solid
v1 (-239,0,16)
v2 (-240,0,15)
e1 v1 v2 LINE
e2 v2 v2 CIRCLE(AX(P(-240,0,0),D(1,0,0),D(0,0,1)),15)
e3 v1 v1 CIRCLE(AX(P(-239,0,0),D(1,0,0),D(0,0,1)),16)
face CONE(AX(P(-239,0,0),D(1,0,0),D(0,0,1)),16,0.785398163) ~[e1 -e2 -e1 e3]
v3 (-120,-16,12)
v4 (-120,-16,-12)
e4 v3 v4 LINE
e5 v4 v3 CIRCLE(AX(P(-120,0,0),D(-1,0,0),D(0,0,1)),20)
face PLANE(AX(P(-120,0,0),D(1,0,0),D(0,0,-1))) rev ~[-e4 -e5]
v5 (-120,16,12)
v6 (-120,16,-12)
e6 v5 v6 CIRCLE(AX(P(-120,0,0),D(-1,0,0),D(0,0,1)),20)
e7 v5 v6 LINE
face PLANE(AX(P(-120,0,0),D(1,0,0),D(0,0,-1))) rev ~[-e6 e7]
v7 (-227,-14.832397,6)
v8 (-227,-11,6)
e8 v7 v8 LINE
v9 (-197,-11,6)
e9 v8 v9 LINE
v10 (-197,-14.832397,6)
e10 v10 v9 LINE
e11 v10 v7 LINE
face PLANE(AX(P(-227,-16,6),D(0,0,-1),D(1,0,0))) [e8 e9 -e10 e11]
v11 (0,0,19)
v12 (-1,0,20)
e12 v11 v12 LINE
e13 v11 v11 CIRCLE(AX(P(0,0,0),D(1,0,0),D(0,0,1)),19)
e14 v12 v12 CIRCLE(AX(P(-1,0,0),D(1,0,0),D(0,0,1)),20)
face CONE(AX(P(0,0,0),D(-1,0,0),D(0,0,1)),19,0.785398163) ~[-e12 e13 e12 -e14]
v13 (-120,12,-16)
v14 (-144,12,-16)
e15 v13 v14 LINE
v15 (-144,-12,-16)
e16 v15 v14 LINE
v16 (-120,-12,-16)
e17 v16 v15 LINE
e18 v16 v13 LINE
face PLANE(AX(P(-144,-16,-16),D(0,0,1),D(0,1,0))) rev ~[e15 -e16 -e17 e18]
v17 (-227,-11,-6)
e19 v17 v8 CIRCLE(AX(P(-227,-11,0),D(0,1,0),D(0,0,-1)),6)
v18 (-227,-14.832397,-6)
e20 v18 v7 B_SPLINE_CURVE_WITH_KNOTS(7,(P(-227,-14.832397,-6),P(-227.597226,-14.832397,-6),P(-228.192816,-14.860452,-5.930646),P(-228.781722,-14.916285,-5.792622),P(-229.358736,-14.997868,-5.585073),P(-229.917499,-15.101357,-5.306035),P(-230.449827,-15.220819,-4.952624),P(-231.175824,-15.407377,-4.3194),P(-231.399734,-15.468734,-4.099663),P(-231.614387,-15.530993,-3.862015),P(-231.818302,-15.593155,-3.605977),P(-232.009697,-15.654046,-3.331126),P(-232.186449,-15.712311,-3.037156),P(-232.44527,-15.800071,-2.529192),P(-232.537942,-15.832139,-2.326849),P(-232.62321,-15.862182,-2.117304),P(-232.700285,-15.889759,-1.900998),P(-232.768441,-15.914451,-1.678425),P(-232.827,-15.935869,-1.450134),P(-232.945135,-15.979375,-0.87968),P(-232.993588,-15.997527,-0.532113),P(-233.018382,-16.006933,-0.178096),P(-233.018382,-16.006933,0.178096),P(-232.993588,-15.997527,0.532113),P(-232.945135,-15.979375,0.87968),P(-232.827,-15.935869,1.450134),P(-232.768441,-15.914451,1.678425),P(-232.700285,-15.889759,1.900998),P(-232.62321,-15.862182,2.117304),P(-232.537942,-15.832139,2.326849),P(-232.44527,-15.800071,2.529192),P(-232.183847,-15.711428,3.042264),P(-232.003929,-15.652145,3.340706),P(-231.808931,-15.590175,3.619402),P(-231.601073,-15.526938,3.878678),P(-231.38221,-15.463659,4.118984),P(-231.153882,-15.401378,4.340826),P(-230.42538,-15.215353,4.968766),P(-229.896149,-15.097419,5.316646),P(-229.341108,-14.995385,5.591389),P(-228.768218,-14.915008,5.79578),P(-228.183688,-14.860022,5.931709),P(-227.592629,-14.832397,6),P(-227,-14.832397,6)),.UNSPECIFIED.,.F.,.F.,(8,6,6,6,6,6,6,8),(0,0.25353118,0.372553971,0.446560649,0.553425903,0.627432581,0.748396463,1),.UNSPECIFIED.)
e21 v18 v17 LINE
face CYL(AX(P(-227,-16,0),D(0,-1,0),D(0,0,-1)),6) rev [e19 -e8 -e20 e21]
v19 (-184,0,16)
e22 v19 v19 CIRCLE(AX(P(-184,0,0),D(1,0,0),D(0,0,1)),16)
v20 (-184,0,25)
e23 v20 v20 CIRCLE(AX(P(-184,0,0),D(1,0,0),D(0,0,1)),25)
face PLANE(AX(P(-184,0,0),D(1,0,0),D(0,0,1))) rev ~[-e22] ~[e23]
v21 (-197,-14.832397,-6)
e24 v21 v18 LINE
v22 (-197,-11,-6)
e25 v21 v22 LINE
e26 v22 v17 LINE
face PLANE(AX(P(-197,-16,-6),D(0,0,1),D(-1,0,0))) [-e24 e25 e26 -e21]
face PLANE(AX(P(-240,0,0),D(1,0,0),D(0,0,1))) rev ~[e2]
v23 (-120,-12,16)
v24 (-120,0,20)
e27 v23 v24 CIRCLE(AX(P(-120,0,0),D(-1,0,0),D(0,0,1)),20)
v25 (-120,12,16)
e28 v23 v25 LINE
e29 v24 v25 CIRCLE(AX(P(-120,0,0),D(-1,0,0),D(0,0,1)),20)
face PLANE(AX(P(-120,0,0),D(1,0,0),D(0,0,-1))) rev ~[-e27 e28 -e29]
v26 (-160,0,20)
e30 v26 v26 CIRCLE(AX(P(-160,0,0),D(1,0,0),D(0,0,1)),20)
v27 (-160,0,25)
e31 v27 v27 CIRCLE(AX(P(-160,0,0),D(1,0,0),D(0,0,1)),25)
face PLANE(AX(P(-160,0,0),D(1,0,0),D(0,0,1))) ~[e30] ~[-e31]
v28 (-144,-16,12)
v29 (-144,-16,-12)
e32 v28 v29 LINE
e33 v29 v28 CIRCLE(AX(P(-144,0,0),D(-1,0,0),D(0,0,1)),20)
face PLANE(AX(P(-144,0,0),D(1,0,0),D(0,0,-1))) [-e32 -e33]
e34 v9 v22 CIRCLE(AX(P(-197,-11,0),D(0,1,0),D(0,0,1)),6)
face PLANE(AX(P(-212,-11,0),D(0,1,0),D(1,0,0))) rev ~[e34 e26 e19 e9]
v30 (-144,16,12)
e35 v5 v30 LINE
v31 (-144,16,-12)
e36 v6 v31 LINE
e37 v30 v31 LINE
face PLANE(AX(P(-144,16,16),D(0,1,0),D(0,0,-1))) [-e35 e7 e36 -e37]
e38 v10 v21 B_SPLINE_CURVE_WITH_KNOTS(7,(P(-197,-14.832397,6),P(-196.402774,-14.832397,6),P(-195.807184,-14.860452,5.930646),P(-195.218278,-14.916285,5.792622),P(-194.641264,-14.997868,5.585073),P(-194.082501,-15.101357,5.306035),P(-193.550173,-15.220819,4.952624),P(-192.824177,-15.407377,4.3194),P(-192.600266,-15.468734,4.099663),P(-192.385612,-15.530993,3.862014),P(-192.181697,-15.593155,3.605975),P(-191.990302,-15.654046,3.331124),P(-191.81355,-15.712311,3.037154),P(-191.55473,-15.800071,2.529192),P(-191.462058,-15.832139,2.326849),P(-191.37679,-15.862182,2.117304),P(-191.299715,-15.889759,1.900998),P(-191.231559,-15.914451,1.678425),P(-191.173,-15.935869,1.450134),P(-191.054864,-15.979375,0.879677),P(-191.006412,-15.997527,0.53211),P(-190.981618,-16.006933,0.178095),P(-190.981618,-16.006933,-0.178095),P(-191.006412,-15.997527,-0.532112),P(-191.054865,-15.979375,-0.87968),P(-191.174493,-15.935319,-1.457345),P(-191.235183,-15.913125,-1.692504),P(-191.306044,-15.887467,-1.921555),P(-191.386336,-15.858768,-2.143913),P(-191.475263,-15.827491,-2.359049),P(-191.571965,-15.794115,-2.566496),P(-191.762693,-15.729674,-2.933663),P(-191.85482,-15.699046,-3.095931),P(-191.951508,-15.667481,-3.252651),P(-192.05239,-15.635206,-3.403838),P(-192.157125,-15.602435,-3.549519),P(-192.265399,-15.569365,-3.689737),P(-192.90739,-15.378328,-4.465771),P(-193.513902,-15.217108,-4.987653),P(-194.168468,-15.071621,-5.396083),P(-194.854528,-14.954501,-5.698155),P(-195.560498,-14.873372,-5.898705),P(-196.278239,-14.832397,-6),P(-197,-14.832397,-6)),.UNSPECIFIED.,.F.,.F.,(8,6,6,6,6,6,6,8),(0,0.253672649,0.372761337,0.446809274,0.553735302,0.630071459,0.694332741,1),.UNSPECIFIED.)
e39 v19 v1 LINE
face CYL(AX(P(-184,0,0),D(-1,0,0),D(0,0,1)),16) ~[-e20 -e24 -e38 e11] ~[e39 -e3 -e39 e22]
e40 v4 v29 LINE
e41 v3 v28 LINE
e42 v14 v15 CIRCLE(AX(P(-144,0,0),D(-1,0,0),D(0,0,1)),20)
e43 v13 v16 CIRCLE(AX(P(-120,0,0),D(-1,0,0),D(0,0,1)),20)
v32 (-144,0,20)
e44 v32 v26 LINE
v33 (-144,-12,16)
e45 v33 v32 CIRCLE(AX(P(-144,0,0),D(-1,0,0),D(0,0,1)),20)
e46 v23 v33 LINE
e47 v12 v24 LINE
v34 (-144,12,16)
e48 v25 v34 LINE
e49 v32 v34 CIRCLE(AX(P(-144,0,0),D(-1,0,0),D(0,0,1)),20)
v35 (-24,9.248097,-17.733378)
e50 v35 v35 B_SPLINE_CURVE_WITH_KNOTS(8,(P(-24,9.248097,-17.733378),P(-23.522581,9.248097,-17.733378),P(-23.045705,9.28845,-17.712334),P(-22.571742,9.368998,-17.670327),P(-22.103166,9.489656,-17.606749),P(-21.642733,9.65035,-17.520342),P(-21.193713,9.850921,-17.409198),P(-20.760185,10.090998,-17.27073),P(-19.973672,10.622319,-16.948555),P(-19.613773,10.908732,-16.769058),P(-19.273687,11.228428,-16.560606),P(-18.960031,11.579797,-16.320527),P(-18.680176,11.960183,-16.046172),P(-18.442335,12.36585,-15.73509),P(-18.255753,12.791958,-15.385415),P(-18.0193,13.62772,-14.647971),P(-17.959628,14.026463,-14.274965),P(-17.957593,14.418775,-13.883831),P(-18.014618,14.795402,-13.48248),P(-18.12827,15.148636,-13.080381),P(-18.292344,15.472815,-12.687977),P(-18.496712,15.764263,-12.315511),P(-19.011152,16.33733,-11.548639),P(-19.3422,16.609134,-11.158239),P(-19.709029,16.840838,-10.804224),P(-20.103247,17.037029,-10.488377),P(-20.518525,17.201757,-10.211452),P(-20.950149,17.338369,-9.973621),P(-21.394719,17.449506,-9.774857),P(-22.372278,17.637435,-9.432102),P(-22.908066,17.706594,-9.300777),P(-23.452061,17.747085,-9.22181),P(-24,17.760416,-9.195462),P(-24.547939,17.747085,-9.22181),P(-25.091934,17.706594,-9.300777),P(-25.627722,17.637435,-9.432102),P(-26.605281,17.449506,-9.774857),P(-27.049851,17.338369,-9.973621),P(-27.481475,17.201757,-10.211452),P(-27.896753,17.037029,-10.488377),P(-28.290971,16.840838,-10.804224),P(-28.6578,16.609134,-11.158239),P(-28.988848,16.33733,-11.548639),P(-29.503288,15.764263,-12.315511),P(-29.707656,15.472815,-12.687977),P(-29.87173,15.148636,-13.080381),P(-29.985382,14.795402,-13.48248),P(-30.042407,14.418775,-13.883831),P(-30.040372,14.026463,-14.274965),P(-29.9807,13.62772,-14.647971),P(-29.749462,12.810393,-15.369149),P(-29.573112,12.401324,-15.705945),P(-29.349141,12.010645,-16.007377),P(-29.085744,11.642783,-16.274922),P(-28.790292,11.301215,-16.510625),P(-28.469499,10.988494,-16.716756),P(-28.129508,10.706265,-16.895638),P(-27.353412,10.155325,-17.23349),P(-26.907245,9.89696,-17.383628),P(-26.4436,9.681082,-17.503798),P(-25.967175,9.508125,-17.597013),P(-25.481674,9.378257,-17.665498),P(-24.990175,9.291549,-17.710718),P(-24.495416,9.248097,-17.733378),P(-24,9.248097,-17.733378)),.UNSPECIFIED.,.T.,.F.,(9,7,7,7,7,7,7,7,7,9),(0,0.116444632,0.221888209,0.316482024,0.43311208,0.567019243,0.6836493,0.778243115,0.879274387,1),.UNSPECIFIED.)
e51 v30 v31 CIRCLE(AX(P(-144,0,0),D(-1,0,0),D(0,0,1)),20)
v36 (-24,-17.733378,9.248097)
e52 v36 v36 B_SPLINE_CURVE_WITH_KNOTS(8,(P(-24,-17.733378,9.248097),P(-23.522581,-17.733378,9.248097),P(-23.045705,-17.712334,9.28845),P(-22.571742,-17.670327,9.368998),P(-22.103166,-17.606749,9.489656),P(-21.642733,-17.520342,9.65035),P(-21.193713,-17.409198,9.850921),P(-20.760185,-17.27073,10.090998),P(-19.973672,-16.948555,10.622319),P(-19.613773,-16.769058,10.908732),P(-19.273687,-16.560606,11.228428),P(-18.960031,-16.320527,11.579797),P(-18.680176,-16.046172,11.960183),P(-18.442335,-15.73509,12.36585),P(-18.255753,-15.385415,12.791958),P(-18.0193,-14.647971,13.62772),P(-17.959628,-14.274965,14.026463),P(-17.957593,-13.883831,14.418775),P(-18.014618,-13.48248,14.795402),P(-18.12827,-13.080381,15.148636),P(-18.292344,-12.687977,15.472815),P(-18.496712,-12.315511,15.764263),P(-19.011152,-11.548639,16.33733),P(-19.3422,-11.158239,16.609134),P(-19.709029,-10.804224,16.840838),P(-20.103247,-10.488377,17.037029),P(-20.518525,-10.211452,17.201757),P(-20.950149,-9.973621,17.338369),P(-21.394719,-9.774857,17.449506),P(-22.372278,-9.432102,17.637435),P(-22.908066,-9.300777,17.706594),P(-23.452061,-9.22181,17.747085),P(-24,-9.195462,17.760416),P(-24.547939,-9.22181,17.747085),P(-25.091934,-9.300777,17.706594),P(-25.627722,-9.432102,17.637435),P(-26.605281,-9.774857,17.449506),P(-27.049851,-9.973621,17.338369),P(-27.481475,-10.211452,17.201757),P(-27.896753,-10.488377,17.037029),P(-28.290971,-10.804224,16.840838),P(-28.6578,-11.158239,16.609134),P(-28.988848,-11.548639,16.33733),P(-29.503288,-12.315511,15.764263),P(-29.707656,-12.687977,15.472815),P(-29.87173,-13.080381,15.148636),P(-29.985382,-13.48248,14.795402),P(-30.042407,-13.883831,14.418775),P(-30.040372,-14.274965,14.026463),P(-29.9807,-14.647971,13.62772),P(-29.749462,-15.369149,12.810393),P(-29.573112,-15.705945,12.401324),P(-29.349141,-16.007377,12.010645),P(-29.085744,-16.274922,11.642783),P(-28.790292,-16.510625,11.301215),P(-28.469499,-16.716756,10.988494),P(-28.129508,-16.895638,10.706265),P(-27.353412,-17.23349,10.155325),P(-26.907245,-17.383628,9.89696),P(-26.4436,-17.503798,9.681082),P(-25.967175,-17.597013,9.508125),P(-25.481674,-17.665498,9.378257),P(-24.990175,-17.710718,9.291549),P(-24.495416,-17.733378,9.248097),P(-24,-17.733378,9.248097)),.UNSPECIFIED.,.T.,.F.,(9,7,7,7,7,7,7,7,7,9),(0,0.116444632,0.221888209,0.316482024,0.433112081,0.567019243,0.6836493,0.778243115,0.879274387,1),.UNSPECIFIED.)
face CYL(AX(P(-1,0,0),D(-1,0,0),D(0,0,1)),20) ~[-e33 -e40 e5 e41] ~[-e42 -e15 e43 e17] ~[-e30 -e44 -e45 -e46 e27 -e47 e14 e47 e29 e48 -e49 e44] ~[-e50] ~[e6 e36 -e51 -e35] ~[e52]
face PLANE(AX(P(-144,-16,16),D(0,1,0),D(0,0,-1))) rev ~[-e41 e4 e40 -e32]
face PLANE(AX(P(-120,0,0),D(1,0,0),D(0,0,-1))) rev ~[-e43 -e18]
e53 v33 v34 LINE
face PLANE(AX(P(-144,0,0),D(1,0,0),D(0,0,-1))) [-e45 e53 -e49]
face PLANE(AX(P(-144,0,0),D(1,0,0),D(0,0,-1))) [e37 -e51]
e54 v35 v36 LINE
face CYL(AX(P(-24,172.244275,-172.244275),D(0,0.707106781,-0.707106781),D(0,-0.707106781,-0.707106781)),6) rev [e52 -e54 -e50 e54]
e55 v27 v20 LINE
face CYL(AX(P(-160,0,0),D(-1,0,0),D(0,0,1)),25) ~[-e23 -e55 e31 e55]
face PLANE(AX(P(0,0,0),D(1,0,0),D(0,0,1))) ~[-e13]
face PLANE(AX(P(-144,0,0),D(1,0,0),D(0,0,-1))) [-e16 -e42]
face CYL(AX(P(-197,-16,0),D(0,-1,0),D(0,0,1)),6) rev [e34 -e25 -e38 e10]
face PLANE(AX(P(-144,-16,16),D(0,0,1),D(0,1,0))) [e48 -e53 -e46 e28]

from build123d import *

# Parameters (mm, degrees)
SKETCH_2_OUTSIDE_W       = 102.04
SKETCH_2_OUTSIDE_H       = 102.04
SKETCH_2_OUTSIDE_W_2     = 32
SKETCH_2_OUTSIDE_H_2     = 32
CUT_EXTRUDE_1_DEPTH      = 24
CUT_EXTRUDE_2_DEPTH      = 5
CUT_EXTRUDE_3_DEPTH      = 243.590189414
CUT_EXTRUDE_3_DEPTH_BACK = 243.590189414
SKETCH_4_R               = 6


with BuildPart() as part:
    # Эскиз1 → Повернуть1 (revolve)
    with BuildSketch(Plane.XY, mode=Mode.PRIVATE) as revolve_1_sk:
        Polygon((0, 0), (0, 19), (-1, 20), (-160, 20), (-160, 25), (-184, 25), (-184, 16), (-239, 16), (-240, 15), (-240, 0), align=None)
    revolve(revolve_1_sk.sketch.rotate(Axis((-178.322580645, 0, 0), (1, 0, 0)), 90), axis=Axis((-178.322580645, 0, 0), (1, 0, 0)))

    # Эскиз2 outside → Вырез-Вытянуть1 (cut)
    with BuildSketch(Plane(origin=(-144, 0, 0), x_dir=(0, 0, -1), z_dir=(1, 0, 0))):
        Rectangle(SKETCH_2_OUTSIDE_W, SKETCH_2_OUTSIDE_H)
        Rectangle(SKETCH_2_OUTSIDE_W_2, SKETCH_2_OUTSIDE_H_2, mode=Mode.SUBTRACT)
    extrude(amount=CUT_EXTRUDE_1_DEPTH, mode=Mode.SUBTRACT)

    # Эскиз3 → Вырез-Вытянуть2 (cut)
    with BuildSketch(Plane(origin=(0, -16, 0), x_dir=(-1, 0, 0), z_dir=(0, -1, 0))):
        with BuildLine():
            Line((227, -6), (197, -6))
            ThreePointArc((197, -6), (191, 0), (197, 6))
            Line((197, 6), (227, 6))
            ThreePointArc((227, 6), (233, 0), (227, -6))
        make_face()
    extrude(amount=-CUT_EXTRUDE_2_DEPTH, mode=Mode.SUBTRACT)

    # Эскиз4 → Вырез-Вытянуть3 (cut, two sides: drawn at the far end of the back side and taken through both)
    with BuildSketch(Plane(origin=(0, 0, 0), x_dir=(-1, 0, 0), z_dir=(0, -0.7071067811865488, 0.7071067811865464)).offset(-CUT_EXTRUDE_3_DEPTH_BACK)):
        with Locations(Location((24, 0, 0), (0, 0, 90))):
            Circle(SKETCH_4_R)
    extrude(amount=CUT_EXTRUDE_3_DEPTH + CUT_EXTRUDE_3_DEPTH_BACK, mode=Mode.SUBTRACT)


solid = part.part
